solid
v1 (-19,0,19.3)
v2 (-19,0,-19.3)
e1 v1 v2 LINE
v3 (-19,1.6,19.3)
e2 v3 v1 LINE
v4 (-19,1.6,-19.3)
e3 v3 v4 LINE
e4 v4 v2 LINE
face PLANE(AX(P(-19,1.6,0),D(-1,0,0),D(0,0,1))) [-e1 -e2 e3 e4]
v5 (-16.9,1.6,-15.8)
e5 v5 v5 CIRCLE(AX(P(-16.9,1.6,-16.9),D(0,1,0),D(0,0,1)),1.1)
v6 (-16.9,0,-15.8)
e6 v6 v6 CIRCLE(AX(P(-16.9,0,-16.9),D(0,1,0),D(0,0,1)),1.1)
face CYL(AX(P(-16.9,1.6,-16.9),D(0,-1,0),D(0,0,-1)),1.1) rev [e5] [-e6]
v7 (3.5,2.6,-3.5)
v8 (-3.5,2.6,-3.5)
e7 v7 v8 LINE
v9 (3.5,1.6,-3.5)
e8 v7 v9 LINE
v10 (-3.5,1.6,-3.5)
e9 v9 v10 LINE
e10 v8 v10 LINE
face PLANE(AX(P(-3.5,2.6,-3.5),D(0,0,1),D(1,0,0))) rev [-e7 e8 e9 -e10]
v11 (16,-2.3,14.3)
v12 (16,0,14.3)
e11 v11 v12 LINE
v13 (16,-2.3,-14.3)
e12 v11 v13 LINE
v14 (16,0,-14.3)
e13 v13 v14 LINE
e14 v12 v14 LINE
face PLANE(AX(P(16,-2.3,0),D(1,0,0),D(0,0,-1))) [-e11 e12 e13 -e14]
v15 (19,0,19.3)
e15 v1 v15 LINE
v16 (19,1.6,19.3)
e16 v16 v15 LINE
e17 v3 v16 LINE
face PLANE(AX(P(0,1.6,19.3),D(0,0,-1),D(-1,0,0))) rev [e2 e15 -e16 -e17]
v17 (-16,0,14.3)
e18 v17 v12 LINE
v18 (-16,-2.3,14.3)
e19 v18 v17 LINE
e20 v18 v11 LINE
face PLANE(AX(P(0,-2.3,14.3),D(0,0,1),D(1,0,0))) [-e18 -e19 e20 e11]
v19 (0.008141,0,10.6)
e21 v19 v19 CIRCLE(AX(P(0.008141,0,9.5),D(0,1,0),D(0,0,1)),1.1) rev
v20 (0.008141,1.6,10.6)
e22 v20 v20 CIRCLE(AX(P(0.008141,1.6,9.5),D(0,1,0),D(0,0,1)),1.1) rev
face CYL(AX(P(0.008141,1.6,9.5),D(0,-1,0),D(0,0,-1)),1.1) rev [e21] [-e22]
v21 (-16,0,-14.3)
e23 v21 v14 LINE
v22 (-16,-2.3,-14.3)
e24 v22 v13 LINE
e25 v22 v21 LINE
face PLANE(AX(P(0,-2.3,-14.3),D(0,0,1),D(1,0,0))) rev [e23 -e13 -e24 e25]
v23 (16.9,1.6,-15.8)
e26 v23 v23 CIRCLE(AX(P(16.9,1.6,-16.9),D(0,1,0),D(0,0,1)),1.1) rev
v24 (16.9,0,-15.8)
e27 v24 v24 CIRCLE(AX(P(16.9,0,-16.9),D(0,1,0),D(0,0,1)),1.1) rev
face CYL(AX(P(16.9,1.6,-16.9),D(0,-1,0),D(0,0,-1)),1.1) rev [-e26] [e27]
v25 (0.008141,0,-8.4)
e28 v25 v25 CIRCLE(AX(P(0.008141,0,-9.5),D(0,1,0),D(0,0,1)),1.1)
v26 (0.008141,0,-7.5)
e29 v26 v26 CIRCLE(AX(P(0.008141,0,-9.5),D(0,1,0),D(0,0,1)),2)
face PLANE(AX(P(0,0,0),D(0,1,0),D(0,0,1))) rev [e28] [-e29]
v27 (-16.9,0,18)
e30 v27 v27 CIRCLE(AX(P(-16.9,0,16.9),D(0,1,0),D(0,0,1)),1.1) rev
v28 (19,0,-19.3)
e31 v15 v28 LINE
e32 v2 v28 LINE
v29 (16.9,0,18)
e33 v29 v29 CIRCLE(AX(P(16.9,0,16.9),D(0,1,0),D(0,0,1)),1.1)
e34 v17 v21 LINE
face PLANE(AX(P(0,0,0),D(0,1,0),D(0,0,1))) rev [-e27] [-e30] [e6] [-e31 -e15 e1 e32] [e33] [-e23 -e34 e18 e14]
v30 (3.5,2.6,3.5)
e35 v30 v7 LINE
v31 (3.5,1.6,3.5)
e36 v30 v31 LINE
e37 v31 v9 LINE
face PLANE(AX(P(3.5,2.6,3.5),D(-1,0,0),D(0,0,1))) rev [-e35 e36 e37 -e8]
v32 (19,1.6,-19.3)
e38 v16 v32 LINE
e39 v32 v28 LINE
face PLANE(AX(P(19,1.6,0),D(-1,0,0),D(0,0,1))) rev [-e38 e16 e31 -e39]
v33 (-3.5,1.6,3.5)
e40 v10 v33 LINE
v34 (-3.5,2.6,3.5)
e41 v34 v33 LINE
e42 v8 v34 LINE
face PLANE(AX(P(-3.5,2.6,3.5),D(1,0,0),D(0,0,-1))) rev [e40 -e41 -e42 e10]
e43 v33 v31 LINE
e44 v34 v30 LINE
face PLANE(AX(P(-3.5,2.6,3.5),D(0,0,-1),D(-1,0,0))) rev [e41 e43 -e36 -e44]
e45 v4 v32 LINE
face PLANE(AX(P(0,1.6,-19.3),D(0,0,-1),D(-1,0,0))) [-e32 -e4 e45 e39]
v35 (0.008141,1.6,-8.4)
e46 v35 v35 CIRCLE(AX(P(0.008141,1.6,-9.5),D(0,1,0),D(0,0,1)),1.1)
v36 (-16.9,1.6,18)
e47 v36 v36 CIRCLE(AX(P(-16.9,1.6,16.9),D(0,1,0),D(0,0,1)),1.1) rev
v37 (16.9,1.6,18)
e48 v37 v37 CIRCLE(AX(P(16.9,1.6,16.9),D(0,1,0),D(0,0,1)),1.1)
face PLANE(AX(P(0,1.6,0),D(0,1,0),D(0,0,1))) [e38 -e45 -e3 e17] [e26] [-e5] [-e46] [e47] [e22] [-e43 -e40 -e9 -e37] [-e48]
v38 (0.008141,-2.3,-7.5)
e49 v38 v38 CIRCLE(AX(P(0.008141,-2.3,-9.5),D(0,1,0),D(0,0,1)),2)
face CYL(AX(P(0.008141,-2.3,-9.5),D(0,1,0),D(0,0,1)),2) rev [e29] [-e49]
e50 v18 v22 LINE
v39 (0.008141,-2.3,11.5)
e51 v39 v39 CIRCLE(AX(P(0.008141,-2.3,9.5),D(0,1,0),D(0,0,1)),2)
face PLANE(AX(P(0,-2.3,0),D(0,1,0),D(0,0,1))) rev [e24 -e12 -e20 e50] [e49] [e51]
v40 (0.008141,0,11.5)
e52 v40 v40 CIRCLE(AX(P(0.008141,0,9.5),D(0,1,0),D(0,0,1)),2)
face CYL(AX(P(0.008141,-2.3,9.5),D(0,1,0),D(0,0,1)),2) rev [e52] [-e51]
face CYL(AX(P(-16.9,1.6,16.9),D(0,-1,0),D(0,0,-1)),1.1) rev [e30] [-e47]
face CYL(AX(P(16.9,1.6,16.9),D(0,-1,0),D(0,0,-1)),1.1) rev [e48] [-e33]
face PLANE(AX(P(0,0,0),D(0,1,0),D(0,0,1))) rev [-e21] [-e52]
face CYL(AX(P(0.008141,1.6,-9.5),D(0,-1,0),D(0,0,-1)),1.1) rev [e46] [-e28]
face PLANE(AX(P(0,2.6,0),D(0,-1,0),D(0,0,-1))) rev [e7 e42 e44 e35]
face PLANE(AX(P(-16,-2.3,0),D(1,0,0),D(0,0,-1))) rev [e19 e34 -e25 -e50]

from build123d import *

# Parameters (mm, degrees)
SKETCH1_W               = 38
SKETCH1_H               = 38.6
SKETCH1_R               = 1.1
CAMERA_BOARD_BASE_DEPTH = 1.6
SKETCH1_3_W             = 32
SKETCH1_3_H             = 28.6
SKETCH1_3_R             = 2
COMPONENTS_DEPTH        = 2.3
SKETCH2_W               = 7
SKETCH2_H               = 7
SENSOR_DEPTH            = 1


with BuildPart() as part:
    # Sketch1 → Camera Board Base (new body)
    with BuildSketch(Plane(origin=(0, 0, 0), x_dir=(1, 0, 0), z_dir=(0, 1, 0))):
        Rectangle(SKETCH1_W, SKETCH1_H)
        with Locations((0.008140781, 9.5)):
            Circle(SKETCH1_R, mode=Mode.SUBTRACT)
        with Locations((0.008140781, -9.5)):
            Circle(SKETCH1_R, mode=Mode.SUBTRACT)
        with Locations((-16.9, -16.9)):
            Circle(SKETCH1_R, mode=Mode.SUBTRACT)
        with Locations((16.9, -16.9)):
            Circle(SKETCH1_R, mode=Mode.SUBTRACT)
        with Locations((-16.9, 16.9)):
            Circle(SKETCH1_R, mode=Mode.SUBTRACT)
        with Locations((16.9, 16.9)):
            Circle(SKETCH1_R, mode=Mode.SUBTRACT)
    extrude(amount=CAMERA_BOARD_BASE_DEPTH)

    # Sketch1<3> → Components (add)
    with BuildSketch(Plane(origin=(0, 0, 0), x_dir=(1, 0, 0), z_dir=(0, 1, 0))):
        Rectangle(SKETCH1_3_W, SKETCH1_3_H)
        with Locations((0.008140781, 9.5)):
            Circle(SKETCH1_3_R, mode=Mode.SUBTRACT)
        with Locations((0.008140781, -9.5)):
            Circle(SKETCH1_3_R, mode=Mode.SUBTRACT)
    extrude(amount=-COMPONENTS_DEPTH)

    # Sketch2 → Sensor (add)
    with BuildSketch(Plane(origin=(0, 1.6, 0), x_dir=(1, 0, 0), z_dir=(0, 1, 0))):
        Rectangle(SKETCH2_W, SKETCH2_H)
    extrude(amount=SENSOR_DEPTH)


solid = part.part
